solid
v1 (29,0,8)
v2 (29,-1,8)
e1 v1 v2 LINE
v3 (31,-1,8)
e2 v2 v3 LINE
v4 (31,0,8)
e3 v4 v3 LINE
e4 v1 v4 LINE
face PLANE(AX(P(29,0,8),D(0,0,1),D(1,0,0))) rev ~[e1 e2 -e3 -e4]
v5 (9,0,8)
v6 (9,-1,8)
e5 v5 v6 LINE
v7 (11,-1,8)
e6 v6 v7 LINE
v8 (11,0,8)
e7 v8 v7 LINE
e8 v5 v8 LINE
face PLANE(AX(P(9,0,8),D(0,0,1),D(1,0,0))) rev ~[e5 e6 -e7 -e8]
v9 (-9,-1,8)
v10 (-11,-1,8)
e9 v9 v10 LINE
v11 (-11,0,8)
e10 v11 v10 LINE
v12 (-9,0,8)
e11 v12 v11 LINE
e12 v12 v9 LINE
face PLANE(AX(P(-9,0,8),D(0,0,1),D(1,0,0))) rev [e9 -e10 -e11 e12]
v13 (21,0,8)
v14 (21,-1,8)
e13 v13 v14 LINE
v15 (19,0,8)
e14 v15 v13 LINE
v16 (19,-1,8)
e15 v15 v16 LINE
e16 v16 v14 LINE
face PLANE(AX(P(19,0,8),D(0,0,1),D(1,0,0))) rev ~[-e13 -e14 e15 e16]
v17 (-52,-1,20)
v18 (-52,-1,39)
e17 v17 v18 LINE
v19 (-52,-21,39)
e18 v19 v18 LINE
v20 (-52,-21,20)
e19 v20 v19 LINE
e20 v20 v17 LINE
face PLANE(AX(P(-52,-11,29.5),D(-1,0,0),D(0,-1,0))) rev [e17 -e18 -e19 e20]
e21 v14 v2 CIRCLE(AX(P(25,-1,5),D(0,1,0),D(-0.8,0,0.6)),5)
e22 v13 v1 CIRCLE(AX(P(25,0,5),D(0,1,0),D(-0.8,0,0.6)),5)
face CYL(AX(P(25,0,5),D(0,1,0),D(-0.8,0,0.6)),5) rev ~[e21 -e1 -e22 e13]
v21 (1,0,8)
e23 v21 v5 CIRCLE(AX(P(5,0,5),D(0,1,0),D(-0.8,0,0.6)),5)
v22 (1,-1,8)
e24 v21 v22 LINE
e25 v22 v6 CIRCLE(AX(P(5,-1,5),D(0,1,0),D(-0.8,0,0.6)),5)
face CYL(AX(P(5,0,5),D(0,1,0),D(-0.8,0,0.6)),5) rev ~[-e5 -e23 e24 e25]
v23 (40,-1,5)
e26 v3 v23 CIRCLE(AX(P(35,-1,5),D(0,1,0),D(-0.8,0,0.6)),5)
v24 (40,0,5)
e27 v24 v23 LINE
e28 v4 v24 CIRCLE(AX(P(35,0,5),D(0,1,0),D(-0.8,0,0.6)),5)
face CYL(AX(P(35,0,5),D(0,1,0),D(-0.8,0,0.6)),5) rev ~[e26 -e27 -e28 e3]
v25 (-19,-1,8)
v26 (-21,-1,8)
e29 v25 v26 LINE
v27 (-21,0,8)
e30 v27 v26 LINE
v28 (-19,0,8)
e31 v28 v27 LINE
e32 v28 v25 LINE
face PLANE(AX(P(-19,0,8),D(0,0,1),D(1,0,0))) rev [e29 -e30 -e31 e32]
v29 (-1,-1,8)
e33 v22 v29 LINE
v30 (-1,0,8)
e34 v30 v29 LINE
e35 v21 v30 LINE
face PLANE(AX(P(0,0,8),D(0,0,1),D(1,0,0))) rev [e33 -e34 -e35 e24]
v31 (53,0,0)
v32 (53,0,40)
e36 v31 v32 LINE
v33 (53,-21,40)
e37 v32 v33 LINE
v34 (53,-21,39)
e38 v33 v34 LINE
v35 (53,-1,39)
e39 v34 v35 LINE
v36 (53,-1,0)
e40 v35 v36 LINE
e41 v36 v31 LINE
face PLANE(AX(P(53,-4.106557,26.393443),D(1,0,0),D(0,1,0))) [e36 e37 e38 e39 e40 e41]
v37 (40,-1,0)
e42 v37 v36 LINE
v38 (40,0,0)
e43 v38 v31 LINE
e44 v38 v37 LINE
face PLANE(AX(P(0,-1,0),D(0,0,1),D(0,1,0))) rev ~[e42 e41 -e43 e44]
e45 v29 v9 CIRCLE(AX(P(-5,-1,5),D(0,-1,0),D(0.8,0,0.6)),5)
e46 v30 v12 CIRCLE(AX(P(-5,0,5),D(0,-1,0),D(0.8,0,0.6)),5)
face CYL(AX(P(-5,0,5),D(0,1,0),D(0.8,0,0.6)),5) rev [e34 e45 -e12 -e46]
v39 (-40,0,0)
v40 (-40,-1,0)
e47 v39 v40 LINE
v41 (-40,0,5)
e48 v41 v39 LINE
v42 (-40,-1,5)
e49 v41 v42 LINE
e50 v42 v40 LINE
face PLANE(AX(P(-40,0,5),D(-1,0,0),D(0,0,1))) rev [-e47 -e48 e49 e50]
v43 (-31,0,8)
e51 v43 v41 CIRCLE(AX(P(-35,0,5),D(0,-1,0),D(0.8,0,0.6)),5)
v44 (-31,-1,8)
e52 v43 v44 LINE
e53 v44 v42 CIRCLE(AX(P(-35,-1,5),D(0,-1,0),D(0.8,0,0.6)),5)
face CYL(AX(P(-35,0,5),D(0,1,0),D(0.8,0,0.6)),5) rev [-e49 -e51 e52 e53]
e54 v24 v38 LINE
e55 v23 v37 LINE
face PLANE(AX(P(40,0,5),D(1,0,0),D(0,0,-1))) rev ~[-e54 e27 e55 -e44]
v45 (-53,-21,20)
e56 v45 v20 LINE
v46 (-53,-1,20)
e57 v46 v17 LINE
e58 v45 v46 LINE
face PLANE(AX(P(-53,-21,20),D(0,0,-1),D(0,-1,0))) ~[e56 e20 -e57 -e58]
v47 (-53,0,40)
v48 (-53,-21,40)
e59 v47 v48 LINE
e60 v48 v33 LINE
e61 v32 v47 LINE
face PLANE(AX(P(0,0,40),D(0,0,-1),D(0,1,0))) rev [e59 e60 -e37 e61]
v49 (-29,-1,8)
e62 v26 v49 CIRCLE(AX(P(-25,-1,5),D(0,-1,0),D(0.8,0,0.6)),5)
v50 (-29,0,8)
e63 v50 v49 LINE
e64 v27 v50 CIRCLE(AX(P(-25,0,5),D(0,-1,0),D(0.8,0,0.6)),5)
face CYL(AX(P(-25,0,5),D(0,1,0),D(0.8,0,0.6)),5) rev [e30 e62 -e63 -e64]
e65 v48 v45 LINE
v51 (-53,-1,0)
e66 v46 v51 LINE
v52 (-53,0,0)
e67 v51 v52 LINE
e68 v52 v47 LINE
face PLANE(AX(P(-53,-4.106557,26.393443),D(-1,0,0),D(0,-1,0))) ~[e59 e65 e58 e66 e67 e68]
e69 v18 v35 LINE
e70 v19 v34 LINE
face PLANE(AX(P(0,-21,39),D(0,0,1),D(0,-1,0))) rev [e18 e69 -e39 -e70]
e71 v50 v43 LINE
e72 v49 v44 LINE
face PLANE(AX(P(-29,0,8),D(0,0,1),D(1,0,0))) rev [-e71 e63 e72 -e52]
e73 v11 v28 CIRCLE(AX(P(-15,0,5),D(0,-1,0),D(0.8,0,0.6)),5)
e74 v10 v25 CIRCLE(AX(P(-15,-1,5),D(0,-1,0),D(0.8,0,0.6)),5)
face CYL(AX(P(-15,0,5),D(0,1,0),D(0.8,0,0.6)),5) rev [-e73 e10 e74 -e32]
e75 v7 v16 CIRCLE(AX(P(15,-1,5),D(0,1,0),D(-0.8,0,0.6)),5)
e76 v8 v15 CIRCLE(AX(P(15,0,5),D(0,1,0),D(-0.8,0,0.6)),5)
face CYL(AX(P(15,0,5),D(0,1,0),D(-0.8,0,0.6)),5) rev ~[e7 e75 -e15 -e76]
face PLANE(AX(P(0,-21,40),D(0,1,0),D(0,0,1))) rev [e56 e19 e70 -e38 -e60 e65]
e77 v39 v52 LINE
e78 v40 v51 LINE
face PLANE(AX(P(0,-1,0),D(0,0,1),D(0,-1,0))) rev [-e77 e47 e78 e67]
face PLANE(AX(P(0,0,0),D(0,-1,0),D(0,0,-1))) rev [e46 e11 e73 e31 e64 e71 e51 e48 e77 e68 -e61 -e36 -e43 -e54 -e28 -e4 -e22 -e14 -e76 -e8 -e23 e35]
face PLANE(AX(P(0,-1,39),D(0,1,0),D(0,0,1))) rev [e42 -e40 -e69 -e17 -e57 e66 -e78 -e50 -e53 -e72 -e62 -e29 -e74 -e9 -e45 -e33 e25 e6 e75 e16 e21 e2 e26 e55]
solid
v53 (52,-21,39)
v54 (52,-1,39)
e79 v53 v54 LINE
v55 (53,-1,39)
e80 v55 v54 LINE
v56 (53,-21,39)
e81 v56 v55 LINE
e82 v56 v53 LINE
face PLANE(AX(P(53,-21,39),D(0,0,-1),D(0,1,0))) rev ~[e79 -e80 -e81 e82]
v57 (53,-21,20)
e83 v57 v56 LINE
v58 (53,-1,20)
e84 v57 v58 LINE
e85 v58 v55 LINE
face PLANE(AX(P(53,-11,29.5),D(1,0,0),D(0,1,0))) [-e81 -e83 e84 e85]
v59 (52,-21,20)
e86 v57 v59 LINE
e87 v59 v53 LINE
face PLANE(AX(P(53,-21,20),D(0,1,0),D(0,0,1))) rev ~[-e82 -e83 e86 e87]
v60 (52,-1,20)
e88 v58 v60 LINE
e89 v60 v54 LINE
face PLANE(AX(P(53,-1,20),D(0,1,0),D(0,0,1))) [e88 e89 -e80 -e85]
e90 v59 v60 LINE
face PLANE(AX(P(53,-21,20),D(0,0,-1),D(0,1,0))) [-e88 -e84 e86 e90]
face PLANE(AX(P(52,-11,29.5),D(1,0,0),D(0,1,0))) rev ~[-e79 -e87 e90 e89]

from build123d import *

# Parameters (mm, degrees)
F1_DEPTH = 53
F2_W     = 20
F2_H     = 19
F3_DEPTH = 1
F5_DEPTH = 1


with BuildPart() as f1:
    # F0 (on Right) → F1 (new body)
    with BuildSketch(Plane.YZ):
        Polygon((0, 40), (-21, 40), (-21, 39), (-1, 39), (-1, 0), (0, 0), align=None)
    extrude(amount=F1_DEPTH)

    # F4 (on face) → F5 (cut, through all)
    with BuildSketch(Plane(origin=(0, 0, 0), x_dir=(-1, 0, 0), z_dir=(0, 1, 0))):
        with BuildLine():
            Line((-40, 5), (-40, 0))
            Line((-40, 0), (0, 0))
            Line((0, 0), (0, 5))
            Line((0, 5), (0, 8))
            Line((0, 8), (-1, 8))
            ThreePointArc((-1, 8), (-5, 10), (-9, 8))
            Line((-9, 8), (-11, 8))
            ThreePointArc((-11, 8), (-15, 10), (-19, 8))
            Line((-19, 8), (-21, 8))
            ThreePointArc((-21, 8), (-25, 10), (-29, 8))
            Line((-29, 8), (-31, 8))
            ThreePointArc((-31, 8), (-36.5811388301, 9.7434164903), (-40, 5))
        make_face()
    extrude(amount=-F5_DEPTH, mode=Mode.SUBTRACT)



with BuildPart() as f3:
    # F2 (on face) → F3 (new body)
    with BuildSketch(Plane.YZ.offset(53)):
        with Locations((-11, 29.5)):
            Rectangle(F2_W, F2_H)
    extrude(amount=-F3_DEPTH)


with BuildPart() as f1_1:
    add(f1.part)
    # F6: F3, F1 across plane
    add(f3.part.mirror(Plane.YZ))
    add(f1.part.mirror(Plane.YZ))


solid = Compound([f3.part, f1_1.part])
